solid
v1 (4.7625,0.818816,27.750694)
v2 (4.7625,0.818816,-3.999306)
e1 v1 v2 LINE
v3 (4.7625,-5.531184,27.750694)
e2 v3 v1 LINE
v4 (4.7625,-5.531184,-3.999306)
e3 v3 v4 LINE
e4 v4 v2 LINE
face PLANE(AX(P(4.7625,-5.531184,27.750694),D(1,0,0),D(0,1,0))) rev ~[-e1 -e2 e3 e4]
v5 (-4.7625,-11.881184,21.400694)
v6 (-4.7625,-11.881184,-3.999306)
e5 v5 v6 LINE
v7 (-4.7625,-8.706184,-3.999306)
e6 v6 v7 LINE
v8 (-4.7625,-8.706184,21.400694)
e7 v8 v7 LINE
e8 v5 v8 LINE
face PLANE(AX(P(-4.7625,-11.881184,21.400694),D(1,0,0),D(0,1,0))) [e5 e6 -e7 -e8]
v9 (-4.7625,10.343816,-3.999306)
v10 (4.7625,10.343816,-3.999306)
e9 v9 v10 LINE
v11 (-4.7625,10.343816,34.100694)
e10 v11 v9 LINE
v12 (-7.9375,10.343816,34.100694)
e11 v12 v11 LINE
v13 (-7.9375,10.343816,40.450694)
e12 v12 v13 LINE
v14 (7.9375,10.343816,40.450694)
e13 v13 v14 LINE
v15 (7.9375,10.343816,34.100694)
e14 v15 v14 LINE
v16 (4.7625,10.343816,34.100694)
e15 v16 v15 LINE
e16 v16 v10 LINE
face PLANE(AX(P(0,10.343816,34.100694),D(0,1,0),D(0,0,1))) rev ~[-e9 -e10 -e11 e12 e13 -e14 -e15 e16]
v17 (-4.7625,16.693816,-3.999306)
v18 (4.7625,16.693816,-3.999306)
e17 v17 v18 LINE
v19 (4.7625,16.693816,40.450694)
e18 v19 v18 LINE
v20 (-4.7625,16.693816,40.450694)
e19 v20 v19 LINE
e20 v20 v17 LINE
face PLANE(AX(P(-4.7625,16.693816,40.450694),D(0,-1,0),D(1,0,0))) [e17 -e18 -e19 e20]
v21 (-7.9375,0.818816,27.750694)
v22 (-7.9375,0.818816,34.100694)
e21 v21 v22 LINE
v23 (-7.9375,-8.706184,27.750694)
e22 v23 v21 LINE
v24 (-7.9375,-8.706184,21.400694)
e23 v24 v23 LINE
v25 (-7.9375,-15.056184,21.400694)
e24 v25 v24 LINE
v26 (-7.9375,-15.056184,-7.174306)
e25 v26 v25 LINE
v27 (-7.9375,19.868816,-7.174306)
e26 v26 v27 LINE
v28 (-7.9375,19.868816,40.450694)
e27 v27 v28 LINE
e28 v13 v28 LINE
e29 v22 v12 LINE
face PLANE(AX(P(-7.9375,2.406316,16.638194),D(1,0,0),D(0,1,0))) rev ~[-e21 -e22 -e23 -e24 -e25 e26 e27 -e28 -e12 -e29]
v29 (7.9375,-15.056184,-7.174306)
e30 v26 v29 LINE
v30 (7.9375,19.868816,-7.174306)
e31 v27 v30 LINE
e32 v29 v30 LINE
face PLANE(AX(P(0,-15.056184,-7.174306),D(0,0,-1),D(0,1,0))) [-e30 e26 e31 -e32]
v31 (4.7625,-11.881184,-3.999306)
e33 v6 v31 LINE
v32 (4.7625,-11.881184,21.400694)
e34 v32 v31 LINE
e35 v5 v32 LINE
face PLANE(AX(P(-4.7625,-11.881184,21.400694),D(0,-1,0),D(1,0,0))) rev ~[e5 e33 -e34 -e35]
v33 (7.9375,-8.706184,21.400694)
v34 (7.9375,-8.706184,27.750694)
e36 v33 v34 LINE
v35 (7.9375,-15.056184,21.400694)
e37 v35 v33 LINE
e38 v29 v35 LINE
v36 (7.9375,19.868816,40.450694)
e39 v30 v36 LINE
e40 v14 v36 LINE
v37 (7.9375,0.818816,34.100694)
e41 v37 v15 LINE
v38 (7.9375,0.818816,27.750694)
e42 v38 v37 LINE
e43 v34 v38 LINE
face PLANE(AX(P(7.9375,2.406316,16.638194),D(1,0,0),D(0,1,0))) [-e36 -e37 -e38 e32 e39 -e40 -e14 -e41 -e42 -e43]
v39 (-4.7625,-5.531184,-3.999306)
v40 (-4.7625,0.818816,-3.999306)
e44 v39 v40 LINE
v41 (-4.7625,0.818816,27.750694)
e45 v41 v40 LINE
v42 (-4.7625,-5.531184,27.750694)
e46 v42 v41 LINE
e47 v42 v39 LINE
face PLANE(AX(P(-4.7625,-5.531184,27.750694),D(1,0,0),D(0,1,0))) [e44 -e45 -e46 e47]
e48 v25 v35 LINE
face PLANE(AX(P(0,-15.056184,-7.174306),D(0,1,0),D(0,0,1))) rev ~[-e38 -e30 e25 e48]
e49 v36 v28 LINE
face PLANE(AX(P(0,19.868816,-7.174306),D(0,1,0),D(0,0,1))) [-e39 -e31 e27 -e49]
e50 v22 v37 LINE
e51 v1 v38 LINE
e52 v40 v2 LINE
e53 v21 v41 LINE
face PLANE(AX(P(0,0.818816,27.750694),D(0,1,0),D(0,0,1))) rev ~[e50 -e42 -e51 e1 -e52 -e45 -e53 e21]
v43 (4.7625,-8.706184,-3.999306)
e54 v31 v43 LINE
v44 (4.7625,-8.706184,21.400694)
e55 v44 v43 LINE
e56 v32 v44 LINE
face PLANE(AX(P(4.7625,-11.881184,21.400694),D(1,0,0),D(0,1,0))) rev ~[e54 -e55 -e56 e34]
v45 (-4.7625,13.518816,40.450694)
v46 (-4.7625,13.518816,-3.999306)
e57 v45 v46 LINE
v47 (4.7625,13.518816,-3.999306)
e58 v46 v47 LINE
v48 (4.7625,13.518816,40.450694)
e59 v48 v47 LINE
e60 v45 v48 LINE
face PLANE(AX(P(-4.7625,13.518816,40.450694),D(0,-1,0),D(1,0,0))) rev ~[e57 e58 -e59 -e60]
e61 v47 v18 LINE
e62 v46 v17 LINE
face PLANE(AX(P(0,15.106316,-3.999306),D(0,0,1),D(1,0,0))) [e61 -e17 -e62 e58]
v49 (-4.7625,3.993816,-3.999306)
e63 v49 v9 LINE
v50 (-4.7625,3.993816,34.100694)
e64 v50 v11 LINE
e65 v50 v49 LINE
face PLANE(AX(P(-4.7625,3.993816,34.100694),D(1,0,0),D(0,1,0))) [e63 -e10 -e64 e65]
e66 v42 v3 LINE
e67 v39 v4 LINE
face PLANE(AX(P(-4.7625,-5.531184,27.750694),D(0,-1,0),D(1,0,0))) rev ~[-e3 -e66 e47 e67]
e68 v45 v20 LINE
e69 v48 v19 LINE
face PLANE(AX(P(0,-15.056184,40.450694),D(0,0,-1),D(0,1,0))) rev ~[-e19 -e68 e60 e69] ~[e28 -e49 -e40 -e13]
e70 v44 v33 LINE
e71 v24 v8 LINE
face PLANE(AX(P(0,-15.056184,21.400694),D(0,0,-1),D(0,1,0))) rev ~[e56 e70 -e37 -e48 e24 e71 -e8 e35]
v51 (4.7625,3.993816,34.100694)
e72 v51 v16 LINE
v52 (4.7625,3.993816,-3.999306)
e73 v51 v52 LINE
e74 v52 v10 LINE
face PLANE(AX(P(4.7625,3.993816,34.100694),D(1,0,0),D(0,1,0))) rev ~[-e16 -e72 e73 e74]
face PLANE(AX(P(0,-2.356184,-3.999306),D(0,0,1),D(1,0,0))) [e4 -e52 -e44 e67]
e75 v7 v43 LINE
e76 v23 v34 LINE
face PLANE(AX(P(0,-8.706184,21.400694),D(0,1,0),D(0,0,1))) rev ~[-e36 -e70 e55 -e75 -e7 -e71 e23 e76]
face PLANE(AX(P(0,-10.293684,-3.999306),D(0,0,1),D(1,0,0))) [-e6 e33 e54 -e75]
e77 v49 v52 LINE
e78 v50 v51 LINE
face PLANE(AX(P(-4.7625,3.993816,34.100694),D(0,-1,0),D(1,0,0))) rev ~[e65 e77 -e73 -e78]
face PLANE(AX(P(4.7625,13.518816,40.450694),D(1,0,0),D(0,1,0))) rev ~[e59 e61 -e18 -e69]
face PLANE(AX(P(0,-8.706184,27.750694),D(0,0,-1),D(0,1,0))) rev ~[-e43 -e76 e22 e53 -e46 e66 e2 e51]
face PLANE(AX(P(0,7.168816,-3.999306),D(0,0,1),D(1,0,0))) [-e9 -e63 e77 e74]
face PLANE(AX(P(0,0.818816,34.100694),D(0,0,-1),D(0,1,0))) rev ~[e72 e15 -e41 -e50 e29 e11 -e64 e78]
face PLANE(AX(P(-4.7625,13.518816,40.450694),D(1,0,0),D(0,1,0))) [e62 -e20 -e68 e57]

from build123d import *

# Parameters (mm, degrees)
F0_W      = 34.925
F0_H      = 47.625
F1_DEPTH  = 7.9375
F3_DEPTH  = 12.7
F4_W      = 9.525
F4_H      = 3.175
F5_DEPTH  = 44.45
F6_W      = 9.525
F6_H      = 6.35
F7_DEPTH  = 38.1
F8_W      = 9.525
F8_H      = 6.35
F9_DEPTH  = 31.75
F10_W     = 9.525
F10_H     = 3.175
F11_DEPTH = 25.4


with BuildPart() as f1:
    # F0 (on Right) → F1 (new body, symmetric)
    with BuildSketch(Plane.YZ):
        with Locations((2.406316, 16.638194)):
            Rectangle(F0_W, F0_H)
    extrude(amount=F1_DEPTH, both=True)

    # F2 (on Right) → F3 (cut, symmetric)
    with BuildSketch(Plane.YZ):
        Polygon((-15.056184, 46.800694), (-15.056184, 21.400694), (-8.706184, 21.400694), (-8.706184, 27.750694), (0.818816, 27.750694), (0.818816, 34.100694), (10.343816, 34.100694), (10.343816, 40.450694), (19.868816, 40.450694), (19.868816, 46.800694), align=None)
    extrude(amount=F3_DEPTH, both=True, mode=Mode.SUBTRACT)

    # F4 (on face) → F5 (cut)
    with BuildSketch(Plane.XY.offset(40.450694)):
        with Locations((0, 15.106316)):
            Rectangle(F4_W, F4_H)
    extrude(amount=-F5_DEPTH, mode=Mode.SUBTRACT)

    # F6 (on face) → F7 (cut)
    with BuildSketch(Plane.XY.offset(34.100694)):
        with Locations((0, 7.168816)):
            Rectangle(F6_W, F6_H)
    extrude(amount=-F7_DEPTH, mode=Mode.SUBTRACT)

    # F8 (on face) → F9 (cut)
    with BuildSketch(Plane.XY.offset(27.750694)):
        with Locations((0, -2.356184)):
            Rectangle(F8_W, F8_H)
    extrude(amount=-F9_DEPTH, mode=Mode.SUBTRACT)

    # F10 (on face) → F11 (cut)
    with BuildSketch(Plane.XY.offset(21.400694)):
        with Locations((0, -10.293684)):
            Rectangle(F10_W, F10_H)
    extrude(amount=-F11_DEPTH, mode=Mode.SUBTRACT)


solid = f1.part
